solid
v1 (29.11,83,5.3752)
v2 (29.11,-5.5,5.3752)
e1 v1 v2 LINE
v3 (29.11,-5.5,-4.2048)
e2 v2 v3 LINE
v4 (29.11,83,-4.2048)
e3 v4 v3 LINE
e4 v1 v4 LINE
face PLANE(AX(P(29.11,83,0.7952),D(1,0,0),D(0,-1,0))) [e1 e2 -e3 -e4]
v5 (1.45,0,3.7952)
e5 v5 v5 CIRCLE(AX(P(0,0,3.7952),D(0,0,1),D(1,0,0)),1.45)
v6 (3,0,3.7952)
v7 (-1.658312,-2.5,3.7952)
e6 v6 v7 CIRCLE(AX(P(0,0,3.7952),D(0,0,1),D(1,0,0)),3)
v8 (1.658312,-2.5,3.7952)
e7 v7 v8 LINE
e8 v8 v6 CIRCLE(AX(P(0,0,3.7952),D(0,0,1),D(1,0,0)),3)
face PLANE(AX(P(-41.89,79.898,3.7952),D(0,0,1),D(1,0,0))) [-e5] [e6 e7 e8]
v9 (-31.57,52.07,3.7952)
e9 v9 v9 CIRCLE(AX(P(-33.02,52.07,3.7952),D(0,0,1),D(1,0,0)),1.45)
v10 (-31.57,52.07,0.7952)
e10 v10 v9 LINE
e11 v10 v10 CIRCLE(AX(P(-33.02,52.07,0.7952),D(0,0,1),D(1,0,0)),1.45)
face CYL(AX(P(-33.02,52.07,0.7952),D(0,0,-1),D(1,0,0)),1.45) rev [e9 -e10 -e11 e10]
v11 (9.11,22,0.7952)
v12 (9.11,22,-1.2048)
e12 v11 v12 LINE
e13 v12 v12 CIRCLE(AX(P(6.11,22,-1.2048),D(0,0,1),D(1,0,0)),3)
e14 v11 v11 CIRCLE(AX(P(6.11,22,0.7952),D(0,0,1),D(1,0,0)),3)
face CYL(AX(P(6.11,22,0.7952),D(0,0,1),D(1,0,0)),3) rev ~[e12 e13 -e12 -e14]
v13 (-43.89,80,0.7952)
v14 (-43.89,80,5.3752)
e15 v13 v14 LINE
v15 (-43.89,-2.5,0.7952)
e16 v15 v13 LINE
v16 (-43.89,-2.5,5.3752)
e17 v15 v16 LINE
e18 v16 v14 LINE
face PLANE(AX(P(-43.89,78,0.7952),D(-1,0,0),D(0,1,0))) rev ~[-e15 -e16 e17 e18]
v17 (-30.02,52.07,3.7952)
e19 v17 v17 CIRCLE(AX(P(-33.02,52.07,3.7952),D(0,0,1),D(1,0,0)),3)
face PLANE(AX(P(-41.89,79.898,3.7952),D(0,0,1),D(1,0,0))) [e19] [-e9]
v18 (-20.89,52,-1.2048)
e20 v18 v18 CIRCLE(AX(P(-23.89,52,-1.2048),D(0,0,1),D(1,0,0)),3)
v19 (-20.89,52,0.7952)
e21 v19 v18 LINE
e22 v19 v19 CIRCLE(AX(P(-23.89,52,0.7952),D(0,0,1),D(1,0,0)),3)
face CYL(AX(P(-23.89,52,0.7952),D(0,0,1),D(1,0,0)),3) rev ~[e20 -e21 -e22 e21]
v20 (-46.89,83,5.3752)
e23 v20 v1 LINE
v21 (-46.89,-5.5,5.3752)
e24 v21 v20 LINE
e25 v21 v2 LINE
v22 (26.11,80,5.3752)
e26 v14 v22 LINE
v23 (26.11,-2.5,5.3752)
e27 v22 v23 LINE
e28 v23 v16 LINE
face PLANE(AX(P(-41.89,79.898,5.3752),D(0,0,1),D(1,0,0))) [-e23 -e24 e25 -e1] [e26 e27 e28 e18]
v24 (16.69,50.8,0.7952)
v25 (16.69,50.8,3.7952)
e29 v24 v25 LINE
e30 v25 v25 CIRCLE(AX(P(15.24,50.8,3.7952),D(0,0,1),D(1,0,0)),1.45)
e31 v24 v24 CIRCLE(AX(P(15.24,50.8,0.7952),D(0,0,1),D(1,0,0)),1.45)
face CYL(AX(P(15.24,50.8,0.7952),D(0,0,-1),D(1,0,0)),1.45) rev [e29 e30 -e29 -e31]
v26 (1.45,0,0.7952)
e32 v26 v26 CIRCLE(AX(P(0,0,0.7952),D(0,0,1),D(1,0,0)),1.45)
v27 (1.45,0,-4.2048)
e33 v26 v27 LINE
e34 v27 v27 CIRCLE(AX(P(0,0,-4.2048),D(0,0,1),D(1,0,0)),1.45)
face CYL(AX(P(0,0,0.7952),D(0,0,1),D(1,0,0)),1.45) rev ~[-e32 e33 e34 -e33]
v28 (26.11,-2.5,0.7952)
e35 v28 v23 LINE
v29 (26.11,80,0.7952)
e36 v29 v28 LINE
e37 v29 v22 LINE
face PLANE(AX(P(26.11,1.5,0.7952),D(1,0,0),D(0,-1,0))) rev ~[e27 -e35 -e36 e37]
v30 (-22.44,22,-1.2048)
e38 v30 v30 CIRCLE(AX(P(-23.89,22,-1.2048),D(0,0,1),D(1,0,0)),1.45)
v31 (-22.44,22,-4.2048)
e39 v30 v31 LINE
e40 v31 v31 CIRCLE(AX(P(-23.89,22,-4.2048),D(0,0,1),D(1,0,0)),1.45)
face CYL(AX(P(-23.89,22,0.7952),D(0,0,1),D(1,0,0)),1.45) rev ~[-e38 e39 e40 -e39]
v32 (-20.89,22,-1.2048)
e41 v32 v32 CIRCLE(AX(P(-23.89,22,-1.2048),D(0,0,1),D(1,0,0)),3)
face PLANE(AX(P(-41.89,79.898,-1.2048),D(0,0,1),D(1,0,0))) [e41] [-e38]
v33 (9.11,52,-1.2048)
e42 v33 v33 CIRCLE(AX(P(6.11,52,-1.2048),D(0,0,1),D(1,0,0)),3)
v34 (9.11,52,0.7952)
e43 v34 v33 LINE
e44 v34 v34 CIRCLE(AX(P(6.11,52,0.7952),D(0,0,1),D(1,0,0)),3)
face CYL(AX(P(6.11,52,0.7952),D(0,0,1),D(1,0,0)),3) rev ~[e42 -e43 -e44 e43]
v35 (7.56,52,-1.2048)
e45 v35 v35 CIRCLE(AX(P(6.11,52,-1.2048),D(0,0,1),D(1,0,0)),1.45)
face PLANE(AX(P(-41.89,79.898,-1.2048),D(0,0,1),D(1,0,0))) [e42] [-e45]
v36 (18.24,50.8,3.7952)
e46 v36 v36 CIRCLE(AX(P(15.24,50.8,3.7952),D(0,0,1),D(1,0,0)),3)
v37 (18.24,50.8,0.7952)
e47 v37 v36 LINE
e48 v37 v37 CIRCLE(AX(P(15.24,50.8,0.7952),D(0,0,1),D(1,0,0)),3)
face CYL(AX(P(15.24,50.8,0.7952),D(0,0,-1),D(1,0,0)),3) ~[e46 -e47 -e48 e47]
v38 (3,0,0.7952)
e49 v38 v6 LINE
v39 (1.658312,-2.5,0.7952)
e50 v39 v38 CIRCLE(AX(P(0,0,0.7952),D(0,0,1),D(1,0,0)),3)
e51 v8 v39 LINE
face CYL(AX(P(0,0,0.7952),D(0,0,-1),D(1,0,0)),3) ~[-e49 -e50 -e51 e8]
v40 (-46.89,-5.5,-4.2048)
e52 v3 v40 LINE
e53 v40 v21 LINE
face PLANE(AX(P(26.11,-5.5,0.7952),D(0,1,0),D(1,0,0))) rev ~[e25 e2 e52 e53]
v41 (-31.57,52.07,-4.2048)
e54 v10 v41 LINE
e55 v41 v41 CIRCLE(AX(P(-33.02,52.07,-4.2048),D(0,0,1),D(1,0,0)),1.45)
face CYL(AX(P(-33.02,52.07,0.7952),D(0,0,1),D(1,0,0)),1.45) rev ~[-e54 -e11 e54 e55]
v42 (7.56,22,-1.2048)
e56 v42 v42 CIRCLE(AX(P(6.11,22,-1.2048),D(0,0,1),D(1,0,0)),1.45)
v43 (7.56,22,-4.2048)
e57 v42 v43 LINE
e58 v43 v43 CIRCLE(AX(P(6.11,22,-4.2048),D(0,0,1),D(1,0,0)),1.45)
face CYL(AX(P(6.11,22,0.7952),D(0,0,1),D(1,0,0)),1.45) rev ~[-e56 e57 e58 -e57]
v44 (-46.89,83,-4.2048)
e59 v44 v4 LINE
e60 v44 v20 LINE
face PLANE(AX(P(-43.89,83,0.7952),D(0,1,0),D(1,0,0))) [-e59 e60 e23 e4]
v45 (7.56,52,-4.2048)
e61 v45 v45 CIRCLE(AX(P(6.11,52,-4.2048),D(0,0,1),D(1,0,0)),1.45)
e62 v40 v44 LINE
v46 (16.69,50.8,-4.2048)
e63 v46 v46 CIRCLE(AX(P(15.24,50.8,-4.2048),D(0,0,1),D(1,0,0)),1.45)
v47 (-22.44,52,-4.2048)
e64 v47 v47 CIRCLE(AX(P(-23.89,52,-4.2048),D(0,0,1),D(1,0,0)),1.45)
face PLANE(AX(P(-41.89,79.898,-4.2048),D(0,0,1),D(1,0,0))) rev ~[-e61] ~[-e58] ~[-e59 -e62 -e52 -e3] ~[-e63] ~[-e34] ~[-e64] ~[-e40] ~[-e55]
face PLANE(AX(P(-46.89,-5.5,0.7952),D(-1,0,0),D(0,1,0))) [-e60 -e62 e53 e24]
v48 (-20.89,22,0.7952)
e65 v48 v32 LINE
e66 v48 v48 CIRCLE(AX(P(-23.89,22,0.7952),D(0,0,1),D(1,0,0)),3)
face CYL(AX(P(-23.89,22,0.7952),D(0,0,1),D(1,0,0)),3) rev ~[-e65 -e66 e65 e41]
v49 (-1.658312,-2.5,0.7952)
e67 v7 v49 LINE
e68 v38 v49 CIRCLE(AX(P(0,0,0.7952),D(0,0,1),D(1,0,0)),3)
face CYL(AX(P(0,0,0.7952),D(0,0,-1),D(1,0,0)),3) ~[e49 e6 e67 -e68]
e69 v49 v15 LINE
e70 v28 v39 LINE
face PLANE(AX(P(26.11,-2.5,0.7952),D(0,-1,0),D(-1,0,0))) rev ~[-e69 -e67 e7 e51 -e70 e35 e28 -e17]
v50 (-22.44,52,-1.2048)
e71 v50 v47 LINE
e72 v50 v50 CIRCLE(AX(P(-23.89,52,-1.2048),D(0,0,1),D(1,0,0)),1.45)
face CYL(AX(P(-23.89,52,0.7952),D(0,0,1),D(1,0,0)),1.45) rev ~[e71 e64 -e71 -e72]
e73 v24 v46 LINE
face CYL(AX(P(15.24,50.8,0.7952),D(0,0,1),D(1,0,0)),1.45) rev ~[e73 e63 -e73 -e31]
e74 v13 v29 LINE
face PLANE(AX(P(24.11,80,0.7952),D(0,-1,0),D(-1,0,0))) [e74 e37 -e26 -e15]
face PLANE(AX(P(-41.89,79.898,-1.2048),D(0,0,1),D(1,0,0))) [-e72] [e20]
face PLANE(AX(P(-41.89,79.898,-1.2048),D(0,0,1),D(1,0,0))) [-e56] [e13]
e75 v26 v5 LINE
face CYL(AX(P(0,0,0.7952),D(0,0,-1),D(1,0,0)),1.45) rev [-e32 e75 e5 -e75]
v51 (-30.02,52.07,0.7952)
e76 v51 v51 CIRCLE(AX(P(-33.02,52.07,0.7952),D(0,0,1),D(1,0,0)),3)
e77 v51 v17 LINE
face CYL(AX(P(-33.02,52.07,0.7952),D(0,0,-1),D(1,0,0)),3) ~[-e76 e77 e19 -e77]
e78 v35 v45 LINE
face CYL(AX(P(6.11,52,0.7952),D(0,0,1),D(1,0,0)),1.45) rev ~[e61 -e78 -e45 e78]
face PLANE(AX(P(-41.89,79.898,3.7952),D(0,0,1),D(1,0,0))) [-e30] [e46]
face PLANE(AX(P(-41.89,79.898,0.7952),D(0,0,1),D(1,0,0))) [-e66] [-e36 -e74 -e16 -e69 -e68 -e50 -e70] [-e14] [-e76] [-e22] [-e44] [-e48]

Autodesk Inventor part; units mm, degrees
ref_plane "YZ Plane" through (0, 0, 0) normal (1, 0, 0) x (0, 1, 0)
ref_plane "XZ Plane" through (0, 0, 0) normal (0, 1, 0) x (-1, 0, 0)
ref_plane "XY Plane" through (0, 0, 0) normal (0, 0, 1) x (1, 0, 0)
ref_plane "Work Plane1" through (-41.89, 79.898, 0.7952) normal (0, 0, 1) x (1, 0, 0)
sketch "Sketch1" plane through (-41.89, 79.898, 0.7952) normal (0, 0, 1) x (1, 0, 0)
  circle A0 centre (41.89, -79.898) radius 1.45
  circle A1 centre (8.87, -27.828) radius 1.45
  circle A2 centre (57.13, -29.098) radius 1.45
  arc A3 (66, -80.398) -> (68, -78.398) centre (66, -78.398) ccw projected
  line L0 (66, 0.102) -> (0, 0.102) projected
  line L1 (-2, -1.898) -> (-2, -24.398) projected
  line L2 (-2, 0.102) -> (68, 0.102)
  line L3 (68, 0.102) -> (68, -82.398)
  line L4 (68, -82.398) -> (-2, -82.398)
  line L5 (-2, -82.398) -> (-2, 0.102)
  line L6 (-2, 3.102) -> (-5, 3.102)
  line L7 (68, -85.398) -> (71, -85.398)
  line L8 (-5, 3.102) -> (71, 3.102)
  line L9 (71, 3.102) -> (71, -85.398)
  line L10 (71, -85.398) -> (-5, -85.398)
  line L11 (-5, -85.398) -> (-5, 3.102)
  point P0 (44.5, -82.398)
  point P1 (-2, 3.102)
  point P2 (-2, -24.398)
  point P3 (-2, -1.898)
  point P4 (66, 0.102)
  dimension "d0" = 2.9
  dimension "d1" = 2.9
  dimension "d2" = 2.9
extrude "Extrusion1" add sketch "Sketch1" against normal blind 5 contours L2 L3 L4 L5 L1 L0 | L8 L9 L7 L10 L11 L6
sketch "Sketch2" plane through (-41.89, 79.898, 0.7952) normal (0, 0, 1) x (1, 0, 0)
  circle A0 centre (8.87, -27.828) radius 1.45 projected
  circle A1 centre (8.87, -27.828) radius 3
  circle A2 centre (57.13, -29.098) radius 1.45 projected
  circle A3 centre (57.13, -29.098) radius 3
  circle A4 centre (41.89, -79.898) radius 3
  circle A5 centre (41.89, -79.898) radius 1.45
  dimension "d9" = 6
  dimension "d10" = 6
  dimension "d11" = 6
extrude "Extrusion2" add sketch "Sketch2" along normal blind 3
sketch "Sketch3" plane through (-41.89, 79.898, 0.7952) normal (0, 0, 1) x (1, 0, 0)
  line L0 (71, -85.398) -> (-5, -85.398) projected
  circle A0 centre (18, -27.898) radius 1.45
  circle A1 centre (48, -27.898) radius 1.45
  circle A2 centre (18, -57.898) radius 1.45
  circle A3 centre (48, -57.898) radius 1.45
  point P0 (41.89, -79.898)
  dimension "d19" = 2.9
  dimension "d20" = 2.9
  dimension "d21" = 2.9
  dimension "d22" = 2.9
extrude "Extrusion3" cut sketch "Sketch3" against normal up to surface (5 mm away)
sketch "Sketch4" plane through (-41.89, 79.898, 0.7952) normal (0, 0, 1) x (1, 0, 0)
  circle A0 centre (18, -57.898) radius 1.45 projected
  circle A1 centre (18, -57.898) radius 3
  circle A2 centre (18, -57.898) radius 1.45
  circle A3 centre (48, -57.898) radius 1.45 projected
  circle A4 centre (48, -57.898) radius 1.45
  circle A5 centre (48, -57.898) radius 3
  circle A6 centre (48, -27.898) radius 1.45 projected
  circle A7 centre (48, -27.898) radius 1.45
  circle A8 centre (48, -27.898) radius 3
  circle A9 centre (18, -27.898) radius 1.45 projected
  circle A10 centre (18, -27.898) radius 1.45
  circle A11 centre (18, -27.898) radius 3
  point P0 (41.89, -79.898)
  dimension "d25" = 6
  dimension "d26" = 6
  dimension "d27" = 6
  dimension "d28" = 6
extrude "Extrusion4" cut sketch "Sketch4" against normal blind 2
extrude "Extrusion5" add sketch "Sketch1" along normal blind 4.58 contours L8 L9 L7 L10 L11 L6
properties part number "nucleo_din_connector"
